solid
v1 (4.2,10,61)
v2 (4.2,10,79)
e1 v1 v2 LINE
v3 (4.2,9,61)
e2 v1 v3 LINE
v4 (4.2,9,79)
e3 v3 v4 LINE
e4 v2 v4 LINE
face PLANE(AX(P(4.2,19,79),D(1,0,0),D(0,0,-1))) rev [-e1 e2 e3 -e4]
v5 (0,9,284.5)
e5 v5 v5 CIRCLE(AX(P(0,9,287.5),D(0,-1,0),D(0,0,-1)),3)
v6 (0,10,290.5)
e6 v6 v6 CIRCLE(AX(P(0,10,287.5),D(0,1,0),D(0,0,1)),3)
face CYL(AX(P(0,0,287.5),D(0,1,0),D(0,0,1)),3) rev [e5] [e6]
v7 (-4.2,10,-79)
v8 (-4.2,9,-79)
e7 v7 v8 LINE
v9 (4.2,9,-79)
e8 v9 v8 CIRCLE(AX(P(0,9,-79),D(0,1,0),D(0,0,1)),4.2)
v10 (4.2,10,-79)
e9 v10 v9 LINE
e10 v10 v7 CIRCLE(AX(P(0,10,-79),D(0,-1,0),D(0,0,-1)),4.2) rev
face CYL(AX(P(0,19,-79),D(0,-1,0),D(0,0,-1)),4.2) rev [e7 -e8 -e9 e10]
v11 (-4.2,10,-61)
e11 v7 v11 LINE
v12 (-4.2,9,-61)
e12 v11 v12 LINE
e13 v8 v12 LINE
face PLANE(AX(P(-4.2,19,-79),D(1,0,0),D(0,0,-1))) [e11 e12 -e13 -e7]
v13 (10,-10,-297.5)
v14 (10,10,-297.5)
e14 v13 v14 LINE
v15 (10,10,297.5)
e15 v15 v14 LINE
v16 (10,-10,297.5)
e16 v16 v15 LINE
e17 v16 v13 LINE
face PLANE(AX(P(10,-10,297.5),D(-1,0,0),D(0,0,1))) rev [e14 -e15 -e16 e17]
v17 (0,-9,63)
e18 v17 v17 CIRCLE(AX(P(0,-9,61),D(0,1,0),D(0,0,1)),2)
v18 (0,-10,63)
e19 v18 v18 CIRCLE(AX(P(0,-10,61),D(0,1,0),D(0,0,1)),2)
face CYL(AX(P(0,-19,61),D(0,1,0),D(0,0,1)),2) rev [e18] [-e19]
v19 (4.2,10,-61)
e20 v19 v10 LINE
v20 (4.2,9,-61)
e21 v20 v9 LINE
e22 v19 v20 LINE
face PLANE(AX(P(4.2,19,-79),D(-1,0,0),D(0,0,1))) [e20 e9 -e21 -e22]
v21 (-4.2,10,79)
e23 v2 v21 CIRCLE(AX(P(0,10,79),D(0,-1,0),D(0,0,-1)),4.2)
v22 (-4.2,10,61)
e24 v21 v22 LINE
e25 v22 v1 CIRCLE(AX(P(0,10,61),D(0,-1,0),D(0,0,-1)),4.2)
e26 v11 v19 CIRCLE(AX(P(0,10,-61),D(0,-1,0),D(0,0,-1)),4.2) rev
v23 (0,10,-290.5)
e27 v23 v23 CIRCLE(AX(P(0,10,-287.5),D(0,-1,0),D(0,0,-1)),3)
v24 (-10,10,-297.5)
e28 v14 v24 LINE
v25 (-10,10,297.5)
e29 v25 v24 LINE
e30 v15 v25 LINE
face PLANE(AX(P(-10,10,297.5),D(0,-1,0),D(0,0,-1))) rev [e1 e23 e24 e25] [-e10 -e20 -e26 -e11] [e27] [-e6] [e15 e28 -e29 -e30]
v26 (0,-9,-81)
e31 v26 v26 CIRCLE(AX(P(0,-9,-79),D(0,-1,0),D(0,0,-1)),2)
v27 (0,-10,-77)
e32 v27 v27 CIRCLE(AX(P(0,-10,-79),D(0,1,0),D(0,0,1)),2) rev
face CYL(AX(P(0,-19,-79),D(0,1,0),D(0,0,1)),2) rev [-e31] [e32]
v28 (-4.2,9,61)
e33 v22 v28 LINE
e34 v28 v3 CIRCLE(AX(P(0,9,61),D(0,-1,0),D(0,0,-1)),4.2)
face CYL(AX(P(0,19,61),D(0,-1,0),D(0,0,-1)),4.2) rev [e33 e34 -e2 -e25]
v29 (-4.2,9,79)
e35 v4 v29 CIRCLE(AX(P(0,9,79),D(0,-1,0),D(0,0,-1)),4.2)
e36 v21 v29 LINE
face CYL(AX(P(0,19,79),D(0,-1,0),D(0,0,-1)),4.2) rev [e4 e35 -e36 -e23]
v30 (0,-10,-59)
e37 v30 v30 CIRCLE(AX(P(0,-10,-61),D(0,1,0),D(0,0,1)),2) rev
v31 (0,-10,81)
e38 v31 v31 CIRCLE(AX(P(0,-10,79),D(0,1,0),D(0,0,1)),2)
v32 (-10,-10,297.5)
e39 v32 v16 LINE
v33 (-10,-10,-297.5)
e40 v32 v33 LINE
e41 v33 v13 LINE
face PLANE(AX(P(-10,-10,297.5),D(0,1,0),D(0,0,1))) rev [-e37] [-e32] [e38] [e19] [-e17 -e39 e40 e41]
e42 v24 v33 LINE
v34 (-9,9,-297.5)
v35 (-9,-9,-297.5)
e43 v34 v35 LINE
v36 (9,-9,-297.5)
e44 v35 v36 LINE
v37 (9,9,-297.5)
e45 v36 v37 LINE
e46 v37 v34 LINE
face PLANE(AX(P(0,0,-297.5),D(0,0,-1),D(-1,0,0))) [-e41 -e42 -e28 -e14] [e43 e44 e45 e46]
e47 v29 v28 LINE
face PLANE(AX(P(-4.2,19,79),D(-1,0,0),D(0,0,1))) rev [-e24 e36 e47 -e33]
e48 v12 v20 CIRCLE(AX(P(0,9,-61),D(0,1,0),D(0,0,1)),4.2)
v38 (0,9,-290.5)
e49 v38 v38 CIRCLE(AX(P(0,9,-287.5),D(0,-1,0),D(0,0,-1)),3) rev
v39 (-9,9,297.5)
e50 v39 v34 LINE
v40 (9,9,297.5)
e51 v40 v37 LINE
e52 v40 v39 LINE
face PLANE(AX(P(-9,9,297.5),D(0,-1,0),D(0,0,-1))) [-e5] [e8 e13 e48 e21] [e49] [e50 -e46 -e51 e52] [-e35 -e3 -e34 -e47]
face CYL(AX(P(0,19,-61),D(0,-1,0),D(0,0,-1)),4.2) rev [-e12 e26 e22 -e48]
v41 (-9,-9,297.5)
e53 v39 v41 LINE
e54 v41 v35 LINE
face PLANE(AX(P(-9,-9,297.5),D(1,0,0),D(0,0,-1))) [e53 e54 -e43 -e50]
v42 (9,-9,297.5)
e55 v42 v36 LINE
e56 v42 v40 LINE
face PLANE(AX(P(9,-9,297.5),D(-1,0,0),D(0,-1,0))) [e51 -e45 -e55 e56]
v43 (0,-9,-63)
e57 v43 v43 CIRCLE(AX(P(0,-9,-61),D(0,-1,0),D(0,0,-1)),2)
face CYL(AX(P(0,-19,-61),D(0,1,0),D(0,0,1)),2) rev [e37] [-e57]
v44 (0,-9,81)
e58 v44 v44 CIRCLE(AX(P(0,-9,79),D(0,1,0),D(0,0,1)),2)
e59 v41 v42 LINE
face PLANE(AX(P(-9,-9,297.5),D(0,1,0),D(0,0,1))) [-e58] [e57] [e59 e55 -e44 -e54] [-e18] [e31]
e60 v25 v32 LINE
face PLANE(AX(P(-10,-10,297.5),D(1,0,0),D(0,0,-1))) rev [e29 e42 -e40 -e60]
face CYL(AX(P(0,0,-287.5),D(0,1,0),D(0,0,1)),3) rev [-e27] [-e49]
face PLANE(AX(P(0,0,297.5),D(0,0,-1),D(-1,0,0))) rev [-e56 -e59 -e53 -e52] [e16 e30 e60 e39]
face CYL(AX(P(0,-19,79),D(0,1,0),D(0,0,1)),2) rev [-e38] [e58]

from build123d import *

# Parameters (mm, degrees)
SKETCH_1_W          = 20
SKETCH_1_H          = 20
SKETCH_1_W_2        = 18
SKETCH_1_H_2        = 18
EXTRUDE_1_DEPTH     = 297.5
SKETCH_2_R          = 3
CUT_EXTRUDE_1_DEPTH = 10
SKETCH_4_R          = 2
CUT_EXTRUDE_3_DEPTH = 10
CUT_EXTRUDE_4_DEPTH = 10


with BuildPart() as part:
    # 草图1 → 凸台-拉伸1 (new, symmetric)
    with BuildSketch(Plane.XY):
        Rectangle(SKETCH_1_W, SKETCH_1_H)
        Rectangle(SKETCH_1_W_2, SKETCH_1_H_2, mode=Mode.SUBTRACT)
    extrude(amount=EXTRUDE_1_DEPTH, both=True)

    # 草图2 → 切除-拉伸1 (cut)
    with BuildSketch(Plane(origin=(0, 10, 0), x_dir=(1, 0, 0), z_dir=(0, 1, 0))):
        with Locations(Location((0, -287.5, 0), (0, 0, 270))):
            Circle(SKETCH_2_R)
    cut_extrude_1 = extrude(amount=-CUT_EXTRUDE_1_DEPTH, mode=Mode.SUBTRACT)

    # 镜向1: 切除-拉伸1 across plane
    add(cut_extrude_1.mirror(Plane.XY), mode=Mode.SUBTRACT)

    # 草图4 → 切除-拉伸3 (cut)
    with BuildSketch(Plane(origin=(0, -9, 0), x_dir=(1, 0, 0), z_dir=(0, 1, 0))):
        with Locations(Location((0, -79, 0), (0, 0, 270))):
            Circle(SKETCH_4_R)
        with Locations(Location((0, -61, 0), (0, 0, 270))):
            Circle(SKETCH_4_R)
    cut_extrude_3 = extrude(amount=-CUT_EXTRUDE_3_DEPTH, mode=Mode.SUBTRACT)

    # 草图5 → 切除-拉伸4 (cut)
    with BuildSketch(Plane.XZ.offset(-9)):
        with BuildLine():
            Line((4.2, 79), (4.2, 61))
            ThreePointArc((4.2, 61), (0, 56.8), (-4.2, 61))
            Line((-4.2, 61), (-4.2, 79))
            ThreePointArc((-4.2, 79), (0, 83.2), (4.2, 79))
        make_face()
    cut_extrude_4 = extrude(amount=-CUT_EXTRUDE_4_DEPTH, mode=Mode.SUBTRACT)

    # 镜向2: 切除-拉伸3, 切除-拉伸4 across plane
    add(cut_extrude_3.mirror(Plane.XY), mode=Mode.SUBTRACT)
    add(cut_extrude_4.mirror(Plane.XY), mode=Mode.SUBTRACT)


solid = part.part
